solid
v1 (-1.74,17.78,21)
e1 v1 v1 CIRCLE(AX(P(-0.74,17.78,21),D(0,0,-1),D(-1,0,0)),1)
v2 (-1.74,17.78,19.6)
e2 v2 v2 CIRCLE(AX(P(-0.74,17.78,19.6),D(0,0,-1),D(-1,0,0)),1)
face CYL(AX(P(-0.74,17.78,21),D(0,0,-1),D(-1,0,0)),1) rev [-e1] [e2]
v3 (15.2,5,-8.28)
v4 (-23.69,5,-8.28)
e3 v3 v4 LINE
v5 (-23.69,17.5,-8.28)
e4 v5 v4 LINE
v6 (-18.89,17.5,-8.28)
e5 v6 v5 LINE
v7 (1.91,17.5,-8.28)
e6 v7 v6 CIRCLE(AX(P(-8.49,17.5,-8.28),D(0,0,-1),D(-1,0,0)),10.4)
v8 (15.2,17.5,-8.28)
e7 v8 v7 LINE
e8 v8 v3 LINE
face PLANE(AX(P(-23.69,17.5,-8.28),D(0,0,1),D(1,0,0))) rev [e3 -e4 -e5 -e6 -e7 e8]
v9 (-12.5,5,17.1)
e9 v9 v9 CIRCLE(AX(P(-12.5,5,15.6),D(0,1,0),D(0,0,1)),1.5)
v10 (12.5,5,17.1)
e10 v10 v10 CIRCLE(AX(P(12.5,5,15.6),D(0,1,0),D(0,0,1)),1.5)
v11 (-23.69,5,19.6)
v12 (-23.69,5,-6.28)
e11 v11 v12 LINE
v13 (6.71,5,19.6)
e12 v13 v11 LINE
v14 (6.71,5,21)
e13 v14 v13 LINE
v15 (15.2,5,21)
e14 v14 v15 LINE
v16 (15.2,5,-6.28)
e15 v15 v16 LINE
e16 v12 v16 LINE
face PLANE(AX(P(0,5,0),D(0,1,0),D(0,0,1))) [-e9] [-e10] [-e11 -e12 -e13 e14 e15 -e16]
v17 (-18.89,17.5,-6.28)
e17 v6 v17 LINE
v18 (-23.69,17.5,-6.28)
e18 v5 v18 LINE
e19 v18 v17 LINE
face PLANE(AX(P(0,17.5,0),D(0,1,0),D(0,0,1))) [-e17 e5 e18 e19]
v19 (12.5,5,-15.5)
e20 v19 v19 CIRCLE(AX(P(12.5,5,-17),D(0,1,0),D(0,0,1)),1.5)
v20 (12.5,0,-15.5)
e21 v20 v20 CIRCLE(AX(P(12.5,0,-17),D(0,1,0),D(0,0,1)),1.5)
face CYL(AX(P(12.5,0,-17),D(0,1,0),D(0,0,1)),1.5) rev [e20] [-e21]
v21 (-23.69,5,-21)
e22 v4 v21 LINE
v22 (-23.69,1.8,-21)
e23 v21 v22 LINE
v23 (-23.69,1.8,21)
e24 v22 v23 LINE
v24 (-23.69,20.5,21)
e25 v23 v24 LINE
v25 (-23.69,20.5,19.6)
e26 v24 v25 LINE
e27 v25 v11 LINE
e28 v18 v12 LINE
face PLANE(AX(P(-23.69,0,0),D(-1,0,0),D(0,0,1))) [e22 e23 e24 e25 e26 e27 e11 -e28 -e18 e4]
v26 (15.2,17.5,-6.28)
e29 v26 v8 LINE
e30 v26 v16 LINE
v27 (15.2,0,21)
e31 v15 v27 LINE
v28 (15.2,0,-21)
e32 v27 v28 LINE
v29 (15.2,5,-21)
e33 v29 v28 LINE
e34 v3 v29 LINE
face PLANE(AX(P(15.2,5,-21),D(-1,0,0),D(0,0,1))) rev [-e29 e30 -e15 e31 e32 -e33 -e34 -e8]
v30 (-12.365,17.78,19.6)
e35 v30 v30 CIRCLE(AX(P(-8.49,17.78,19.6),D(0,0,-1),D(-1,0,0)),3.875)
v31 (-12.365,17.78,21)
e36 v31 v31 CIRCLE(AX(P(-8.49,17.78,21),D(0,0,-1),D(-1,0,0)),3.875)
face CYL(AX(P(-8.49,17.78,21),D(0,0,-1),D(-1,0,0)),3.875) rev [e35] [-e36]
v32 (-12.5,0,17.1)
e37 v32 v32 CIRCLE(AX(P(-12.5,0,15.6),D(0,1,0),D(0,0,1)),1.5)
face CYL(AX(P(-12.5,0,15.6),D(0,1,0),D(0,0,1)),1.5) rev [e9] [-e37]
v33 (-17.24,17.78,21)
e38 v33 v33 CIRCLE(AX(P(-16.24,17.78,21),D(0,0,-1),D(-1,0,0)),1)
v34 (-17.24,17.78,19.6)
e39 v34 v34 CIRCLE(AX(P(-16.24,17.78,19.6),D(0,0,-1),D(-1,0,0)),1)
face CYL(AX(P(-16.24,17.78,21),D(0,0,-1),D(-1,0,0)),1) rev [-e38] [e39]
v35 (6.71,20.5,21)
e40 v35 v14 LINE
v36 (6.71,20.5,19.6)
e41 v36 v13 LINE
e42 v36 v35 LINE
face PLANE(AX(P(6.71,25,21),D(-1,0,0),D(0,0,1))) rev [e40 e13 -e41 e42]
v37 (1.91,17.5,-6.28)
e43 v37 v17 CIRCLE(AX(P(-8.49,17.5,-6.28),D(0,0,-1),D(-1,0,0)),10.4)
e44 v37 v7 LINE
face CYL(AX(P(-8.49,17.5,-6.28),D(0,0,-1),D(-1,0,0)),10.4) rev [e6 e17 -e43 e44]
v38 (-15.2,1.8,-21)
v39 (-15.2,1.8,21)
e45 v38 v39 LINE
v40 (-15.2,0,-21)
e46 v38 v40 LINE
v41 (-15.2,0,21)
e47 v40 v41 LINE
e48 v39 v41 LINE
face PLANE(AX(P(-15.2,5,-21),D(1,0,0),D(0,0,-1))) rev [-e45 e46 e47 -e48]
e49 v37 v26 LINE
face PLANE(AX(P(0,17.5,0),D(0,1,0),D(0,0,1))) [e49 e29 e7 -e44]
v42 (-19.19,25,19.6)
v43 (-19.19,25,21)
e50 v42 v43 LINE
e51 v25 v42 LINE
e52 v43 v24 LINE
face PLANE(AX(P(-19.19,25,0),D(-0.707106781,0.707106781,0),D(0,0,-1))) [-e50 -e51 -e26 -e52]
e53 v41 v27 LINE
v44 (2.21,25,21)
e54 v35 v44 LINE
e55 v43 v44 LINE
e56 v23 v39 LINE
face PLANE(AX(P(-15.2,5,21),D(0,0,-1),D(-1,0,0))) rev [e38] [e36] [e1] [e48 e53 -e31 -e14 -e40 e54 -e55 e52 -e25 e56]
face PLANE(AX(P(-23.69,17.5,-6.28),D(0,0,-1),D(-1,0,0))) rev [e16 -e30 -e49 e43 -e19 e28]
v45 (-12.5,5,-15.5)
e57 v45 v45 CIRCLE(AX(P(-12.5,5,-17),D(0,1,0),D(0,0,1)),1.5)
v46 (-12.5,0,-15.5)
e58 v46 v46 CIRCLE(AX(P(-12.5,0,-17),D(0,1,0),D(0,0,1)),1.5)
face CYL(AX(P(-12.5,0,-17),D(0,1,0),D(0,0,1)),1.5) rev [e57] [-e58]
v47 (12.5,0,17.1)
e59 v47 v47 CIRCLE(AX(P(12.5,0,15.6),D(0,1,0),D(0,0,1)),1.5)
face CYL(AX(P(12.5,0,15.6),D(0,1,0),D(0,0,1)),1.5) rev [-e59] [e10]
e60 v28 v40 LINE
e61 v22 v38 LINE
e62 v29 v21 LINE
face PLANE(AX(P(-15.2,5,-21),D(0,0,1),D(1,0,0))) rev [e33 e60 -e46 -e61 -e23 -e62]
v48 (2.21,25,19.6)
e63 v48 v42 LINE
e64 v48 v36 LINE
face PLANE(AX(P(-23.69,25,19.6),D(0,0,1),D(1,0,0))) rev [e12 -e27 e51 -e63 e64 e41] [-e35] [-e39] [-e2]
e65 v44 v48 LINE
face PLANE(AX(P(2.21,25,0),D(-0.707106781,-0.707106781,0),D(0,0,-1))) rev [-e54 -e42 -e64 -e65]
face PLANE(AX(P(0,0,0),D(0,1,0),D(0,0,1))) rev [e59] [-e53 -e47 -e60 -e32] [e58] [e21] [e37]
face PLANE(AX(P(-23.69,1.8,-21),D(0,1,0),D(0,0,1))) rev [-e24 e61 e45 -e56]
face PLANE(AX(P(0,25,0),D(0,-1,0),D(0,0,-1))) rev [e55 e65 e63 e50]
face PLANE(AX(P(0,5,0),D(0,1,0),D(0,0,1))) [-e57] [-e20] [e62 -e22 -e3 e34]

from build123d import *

# Parameters (mm, degrees)
SKETCH1_W           = 30.4
SKETCH1_H           = 42
BOSS_EXTRUDE1_DEPTH = 5
SKETCH2_W           = 42
SKETCH2_H           = 3.2
BOSS_EXTRUDE2_DEPTH = 8.49
SKETCH4_W           = 30.4
SKETCH4_H           = 1.4
BOSS_EXTRUDE3_DEPTH = 20
SKETCH5_R           = 3.875
SKETCH5_R_2         = 1
CUT_EXTRUDE1_DEPTH  = 1.4
CHAMFER1_SIZE       = 4.5
SKETCH6_R           = 1.5
CUT_EXTRUDE2_DEPTH  = 5
SKETCH7_W           = 38.89
SKETCH7_H           = 2
BOSS_EXTRUDE4_DEPTH = 12.5
SKETCH8_R           = 10.4
CUT_EXTRUDE3_DEPTH  = 2


with BuildPart() as part:
    # Sketch1 → Boss-Extrude1 (new body)
    with BuildSketch(Plane(origin=(0, 0, 0), x_dir=(1, 0, 0), z_dir=(0, 1, 0))):
        Rectangle(SKETCH1_W, SKETCH1_H)
    extrude(amount=BOSS_EXTRUDE1_DEPTH)

    # Sketch2 → Boss-Extrude2 (add)
    with BuildSketch(Plane.ZY.offset(15.2)):
        with Locations((0, 3.4)):
            Rectangle(SKETCH2_W, SKETCH2_H)
    extrude(amount=BOSS_EXTRUDE2_DEPTH)

    # Sketch4 → Boss-Extrude3 (add)
    with BuildSketch(Plane(origin=(0, 5, 0), x_dir=(1, 0, 0), z_dir=(0, 1, 0))):
        with Locations((-8.49, -20.3)):
            Rectangle(SKETCH4_W, SKETCH4_H)
    extrude(amount=BOSS_EXTRUDE3_DEPTH)

    # Sketch5 → Cut-Extrude1 (cut)
    with BuildSketch(Plane(origin=(0, 0, 19.6), x_dir=(-1, 0, 0), z_dir=(0, 0, -1))):
        with Locations((8.49, 17.78)):
            Circle(SKETCH5_R)
        with Locations((0.74, 17.78)):
            Circle(SKETCH5_R_2)
        with Locations((16.24, 17.78)):
            Circle(SKETCH5_R_2)
    extrude(amount=-CUT_EXTRUDE1_DEPTH, mode=Mode.SUBTRACT)

    # Chamfer1
    chamfer1_edges = [part.edges().sort_by_distance(p)[0] for p in [
        (-23.69, 25, 20.3),
        (6.71, 25, 20.3),
    ]]
    chamfer(chamfer1_edges, length=CHAMFER1_SIZE)

    # Sketch6 → Cut-Extrude2 (cut)
    with BuildSketch(Plane(origin=(0, 5, 0), x_dir=(1, 0, 0), z_dir=(0, 1, 0))):
        with Locations(Location((12.5, -15.6, 0), (0, 0, 270))):
            Circle(SKETCH6_R)
        with Locations(Location((12.5, 17, 0), (0, 0, 270))):
            Circle(SKETCH6_R)
        with Locations(Location((-12.5, 17, 0), (0, 0, 270))):
            Circle(SKETCH6_R)
        with Locations(Location((-12.5, -15.6, 0), (0, 0, 270))):
            Circle(SKETCH6_R)
    extrude(amount=-CUT_EXTRUDE2_DEPTH, mode=Mode.SUBTRACT)

    # Sketch7 → Boss-Extrude4 (add)
    with BuildSketch(Plane(origin=(0, 5, 0), x_dir=(1, 0, 0), z_dir=(0, 1, 0))):
        with Locations((-4.245, 7.28)):
            Rectangle(SKETCH7_W, SKETCH7_H)
    extrude(amount=BOSS_EXTRUDE4_DEPTH)

    # Sketch8 → Cut-Extrude3 (cut)
    with BuildSketch(Plane(origin=(0, 0, -8.28), x_dir=(-1, 0, 0), z_dir=(0, 0, -1))):
        with Locations((8.49, 17.5)):
            Circle(SKETCH8_R)
    extrude(amount=-CUT_EXTRUDE3_DEPTH, mode=Mode.SUBTRACT)


solid = part.part
